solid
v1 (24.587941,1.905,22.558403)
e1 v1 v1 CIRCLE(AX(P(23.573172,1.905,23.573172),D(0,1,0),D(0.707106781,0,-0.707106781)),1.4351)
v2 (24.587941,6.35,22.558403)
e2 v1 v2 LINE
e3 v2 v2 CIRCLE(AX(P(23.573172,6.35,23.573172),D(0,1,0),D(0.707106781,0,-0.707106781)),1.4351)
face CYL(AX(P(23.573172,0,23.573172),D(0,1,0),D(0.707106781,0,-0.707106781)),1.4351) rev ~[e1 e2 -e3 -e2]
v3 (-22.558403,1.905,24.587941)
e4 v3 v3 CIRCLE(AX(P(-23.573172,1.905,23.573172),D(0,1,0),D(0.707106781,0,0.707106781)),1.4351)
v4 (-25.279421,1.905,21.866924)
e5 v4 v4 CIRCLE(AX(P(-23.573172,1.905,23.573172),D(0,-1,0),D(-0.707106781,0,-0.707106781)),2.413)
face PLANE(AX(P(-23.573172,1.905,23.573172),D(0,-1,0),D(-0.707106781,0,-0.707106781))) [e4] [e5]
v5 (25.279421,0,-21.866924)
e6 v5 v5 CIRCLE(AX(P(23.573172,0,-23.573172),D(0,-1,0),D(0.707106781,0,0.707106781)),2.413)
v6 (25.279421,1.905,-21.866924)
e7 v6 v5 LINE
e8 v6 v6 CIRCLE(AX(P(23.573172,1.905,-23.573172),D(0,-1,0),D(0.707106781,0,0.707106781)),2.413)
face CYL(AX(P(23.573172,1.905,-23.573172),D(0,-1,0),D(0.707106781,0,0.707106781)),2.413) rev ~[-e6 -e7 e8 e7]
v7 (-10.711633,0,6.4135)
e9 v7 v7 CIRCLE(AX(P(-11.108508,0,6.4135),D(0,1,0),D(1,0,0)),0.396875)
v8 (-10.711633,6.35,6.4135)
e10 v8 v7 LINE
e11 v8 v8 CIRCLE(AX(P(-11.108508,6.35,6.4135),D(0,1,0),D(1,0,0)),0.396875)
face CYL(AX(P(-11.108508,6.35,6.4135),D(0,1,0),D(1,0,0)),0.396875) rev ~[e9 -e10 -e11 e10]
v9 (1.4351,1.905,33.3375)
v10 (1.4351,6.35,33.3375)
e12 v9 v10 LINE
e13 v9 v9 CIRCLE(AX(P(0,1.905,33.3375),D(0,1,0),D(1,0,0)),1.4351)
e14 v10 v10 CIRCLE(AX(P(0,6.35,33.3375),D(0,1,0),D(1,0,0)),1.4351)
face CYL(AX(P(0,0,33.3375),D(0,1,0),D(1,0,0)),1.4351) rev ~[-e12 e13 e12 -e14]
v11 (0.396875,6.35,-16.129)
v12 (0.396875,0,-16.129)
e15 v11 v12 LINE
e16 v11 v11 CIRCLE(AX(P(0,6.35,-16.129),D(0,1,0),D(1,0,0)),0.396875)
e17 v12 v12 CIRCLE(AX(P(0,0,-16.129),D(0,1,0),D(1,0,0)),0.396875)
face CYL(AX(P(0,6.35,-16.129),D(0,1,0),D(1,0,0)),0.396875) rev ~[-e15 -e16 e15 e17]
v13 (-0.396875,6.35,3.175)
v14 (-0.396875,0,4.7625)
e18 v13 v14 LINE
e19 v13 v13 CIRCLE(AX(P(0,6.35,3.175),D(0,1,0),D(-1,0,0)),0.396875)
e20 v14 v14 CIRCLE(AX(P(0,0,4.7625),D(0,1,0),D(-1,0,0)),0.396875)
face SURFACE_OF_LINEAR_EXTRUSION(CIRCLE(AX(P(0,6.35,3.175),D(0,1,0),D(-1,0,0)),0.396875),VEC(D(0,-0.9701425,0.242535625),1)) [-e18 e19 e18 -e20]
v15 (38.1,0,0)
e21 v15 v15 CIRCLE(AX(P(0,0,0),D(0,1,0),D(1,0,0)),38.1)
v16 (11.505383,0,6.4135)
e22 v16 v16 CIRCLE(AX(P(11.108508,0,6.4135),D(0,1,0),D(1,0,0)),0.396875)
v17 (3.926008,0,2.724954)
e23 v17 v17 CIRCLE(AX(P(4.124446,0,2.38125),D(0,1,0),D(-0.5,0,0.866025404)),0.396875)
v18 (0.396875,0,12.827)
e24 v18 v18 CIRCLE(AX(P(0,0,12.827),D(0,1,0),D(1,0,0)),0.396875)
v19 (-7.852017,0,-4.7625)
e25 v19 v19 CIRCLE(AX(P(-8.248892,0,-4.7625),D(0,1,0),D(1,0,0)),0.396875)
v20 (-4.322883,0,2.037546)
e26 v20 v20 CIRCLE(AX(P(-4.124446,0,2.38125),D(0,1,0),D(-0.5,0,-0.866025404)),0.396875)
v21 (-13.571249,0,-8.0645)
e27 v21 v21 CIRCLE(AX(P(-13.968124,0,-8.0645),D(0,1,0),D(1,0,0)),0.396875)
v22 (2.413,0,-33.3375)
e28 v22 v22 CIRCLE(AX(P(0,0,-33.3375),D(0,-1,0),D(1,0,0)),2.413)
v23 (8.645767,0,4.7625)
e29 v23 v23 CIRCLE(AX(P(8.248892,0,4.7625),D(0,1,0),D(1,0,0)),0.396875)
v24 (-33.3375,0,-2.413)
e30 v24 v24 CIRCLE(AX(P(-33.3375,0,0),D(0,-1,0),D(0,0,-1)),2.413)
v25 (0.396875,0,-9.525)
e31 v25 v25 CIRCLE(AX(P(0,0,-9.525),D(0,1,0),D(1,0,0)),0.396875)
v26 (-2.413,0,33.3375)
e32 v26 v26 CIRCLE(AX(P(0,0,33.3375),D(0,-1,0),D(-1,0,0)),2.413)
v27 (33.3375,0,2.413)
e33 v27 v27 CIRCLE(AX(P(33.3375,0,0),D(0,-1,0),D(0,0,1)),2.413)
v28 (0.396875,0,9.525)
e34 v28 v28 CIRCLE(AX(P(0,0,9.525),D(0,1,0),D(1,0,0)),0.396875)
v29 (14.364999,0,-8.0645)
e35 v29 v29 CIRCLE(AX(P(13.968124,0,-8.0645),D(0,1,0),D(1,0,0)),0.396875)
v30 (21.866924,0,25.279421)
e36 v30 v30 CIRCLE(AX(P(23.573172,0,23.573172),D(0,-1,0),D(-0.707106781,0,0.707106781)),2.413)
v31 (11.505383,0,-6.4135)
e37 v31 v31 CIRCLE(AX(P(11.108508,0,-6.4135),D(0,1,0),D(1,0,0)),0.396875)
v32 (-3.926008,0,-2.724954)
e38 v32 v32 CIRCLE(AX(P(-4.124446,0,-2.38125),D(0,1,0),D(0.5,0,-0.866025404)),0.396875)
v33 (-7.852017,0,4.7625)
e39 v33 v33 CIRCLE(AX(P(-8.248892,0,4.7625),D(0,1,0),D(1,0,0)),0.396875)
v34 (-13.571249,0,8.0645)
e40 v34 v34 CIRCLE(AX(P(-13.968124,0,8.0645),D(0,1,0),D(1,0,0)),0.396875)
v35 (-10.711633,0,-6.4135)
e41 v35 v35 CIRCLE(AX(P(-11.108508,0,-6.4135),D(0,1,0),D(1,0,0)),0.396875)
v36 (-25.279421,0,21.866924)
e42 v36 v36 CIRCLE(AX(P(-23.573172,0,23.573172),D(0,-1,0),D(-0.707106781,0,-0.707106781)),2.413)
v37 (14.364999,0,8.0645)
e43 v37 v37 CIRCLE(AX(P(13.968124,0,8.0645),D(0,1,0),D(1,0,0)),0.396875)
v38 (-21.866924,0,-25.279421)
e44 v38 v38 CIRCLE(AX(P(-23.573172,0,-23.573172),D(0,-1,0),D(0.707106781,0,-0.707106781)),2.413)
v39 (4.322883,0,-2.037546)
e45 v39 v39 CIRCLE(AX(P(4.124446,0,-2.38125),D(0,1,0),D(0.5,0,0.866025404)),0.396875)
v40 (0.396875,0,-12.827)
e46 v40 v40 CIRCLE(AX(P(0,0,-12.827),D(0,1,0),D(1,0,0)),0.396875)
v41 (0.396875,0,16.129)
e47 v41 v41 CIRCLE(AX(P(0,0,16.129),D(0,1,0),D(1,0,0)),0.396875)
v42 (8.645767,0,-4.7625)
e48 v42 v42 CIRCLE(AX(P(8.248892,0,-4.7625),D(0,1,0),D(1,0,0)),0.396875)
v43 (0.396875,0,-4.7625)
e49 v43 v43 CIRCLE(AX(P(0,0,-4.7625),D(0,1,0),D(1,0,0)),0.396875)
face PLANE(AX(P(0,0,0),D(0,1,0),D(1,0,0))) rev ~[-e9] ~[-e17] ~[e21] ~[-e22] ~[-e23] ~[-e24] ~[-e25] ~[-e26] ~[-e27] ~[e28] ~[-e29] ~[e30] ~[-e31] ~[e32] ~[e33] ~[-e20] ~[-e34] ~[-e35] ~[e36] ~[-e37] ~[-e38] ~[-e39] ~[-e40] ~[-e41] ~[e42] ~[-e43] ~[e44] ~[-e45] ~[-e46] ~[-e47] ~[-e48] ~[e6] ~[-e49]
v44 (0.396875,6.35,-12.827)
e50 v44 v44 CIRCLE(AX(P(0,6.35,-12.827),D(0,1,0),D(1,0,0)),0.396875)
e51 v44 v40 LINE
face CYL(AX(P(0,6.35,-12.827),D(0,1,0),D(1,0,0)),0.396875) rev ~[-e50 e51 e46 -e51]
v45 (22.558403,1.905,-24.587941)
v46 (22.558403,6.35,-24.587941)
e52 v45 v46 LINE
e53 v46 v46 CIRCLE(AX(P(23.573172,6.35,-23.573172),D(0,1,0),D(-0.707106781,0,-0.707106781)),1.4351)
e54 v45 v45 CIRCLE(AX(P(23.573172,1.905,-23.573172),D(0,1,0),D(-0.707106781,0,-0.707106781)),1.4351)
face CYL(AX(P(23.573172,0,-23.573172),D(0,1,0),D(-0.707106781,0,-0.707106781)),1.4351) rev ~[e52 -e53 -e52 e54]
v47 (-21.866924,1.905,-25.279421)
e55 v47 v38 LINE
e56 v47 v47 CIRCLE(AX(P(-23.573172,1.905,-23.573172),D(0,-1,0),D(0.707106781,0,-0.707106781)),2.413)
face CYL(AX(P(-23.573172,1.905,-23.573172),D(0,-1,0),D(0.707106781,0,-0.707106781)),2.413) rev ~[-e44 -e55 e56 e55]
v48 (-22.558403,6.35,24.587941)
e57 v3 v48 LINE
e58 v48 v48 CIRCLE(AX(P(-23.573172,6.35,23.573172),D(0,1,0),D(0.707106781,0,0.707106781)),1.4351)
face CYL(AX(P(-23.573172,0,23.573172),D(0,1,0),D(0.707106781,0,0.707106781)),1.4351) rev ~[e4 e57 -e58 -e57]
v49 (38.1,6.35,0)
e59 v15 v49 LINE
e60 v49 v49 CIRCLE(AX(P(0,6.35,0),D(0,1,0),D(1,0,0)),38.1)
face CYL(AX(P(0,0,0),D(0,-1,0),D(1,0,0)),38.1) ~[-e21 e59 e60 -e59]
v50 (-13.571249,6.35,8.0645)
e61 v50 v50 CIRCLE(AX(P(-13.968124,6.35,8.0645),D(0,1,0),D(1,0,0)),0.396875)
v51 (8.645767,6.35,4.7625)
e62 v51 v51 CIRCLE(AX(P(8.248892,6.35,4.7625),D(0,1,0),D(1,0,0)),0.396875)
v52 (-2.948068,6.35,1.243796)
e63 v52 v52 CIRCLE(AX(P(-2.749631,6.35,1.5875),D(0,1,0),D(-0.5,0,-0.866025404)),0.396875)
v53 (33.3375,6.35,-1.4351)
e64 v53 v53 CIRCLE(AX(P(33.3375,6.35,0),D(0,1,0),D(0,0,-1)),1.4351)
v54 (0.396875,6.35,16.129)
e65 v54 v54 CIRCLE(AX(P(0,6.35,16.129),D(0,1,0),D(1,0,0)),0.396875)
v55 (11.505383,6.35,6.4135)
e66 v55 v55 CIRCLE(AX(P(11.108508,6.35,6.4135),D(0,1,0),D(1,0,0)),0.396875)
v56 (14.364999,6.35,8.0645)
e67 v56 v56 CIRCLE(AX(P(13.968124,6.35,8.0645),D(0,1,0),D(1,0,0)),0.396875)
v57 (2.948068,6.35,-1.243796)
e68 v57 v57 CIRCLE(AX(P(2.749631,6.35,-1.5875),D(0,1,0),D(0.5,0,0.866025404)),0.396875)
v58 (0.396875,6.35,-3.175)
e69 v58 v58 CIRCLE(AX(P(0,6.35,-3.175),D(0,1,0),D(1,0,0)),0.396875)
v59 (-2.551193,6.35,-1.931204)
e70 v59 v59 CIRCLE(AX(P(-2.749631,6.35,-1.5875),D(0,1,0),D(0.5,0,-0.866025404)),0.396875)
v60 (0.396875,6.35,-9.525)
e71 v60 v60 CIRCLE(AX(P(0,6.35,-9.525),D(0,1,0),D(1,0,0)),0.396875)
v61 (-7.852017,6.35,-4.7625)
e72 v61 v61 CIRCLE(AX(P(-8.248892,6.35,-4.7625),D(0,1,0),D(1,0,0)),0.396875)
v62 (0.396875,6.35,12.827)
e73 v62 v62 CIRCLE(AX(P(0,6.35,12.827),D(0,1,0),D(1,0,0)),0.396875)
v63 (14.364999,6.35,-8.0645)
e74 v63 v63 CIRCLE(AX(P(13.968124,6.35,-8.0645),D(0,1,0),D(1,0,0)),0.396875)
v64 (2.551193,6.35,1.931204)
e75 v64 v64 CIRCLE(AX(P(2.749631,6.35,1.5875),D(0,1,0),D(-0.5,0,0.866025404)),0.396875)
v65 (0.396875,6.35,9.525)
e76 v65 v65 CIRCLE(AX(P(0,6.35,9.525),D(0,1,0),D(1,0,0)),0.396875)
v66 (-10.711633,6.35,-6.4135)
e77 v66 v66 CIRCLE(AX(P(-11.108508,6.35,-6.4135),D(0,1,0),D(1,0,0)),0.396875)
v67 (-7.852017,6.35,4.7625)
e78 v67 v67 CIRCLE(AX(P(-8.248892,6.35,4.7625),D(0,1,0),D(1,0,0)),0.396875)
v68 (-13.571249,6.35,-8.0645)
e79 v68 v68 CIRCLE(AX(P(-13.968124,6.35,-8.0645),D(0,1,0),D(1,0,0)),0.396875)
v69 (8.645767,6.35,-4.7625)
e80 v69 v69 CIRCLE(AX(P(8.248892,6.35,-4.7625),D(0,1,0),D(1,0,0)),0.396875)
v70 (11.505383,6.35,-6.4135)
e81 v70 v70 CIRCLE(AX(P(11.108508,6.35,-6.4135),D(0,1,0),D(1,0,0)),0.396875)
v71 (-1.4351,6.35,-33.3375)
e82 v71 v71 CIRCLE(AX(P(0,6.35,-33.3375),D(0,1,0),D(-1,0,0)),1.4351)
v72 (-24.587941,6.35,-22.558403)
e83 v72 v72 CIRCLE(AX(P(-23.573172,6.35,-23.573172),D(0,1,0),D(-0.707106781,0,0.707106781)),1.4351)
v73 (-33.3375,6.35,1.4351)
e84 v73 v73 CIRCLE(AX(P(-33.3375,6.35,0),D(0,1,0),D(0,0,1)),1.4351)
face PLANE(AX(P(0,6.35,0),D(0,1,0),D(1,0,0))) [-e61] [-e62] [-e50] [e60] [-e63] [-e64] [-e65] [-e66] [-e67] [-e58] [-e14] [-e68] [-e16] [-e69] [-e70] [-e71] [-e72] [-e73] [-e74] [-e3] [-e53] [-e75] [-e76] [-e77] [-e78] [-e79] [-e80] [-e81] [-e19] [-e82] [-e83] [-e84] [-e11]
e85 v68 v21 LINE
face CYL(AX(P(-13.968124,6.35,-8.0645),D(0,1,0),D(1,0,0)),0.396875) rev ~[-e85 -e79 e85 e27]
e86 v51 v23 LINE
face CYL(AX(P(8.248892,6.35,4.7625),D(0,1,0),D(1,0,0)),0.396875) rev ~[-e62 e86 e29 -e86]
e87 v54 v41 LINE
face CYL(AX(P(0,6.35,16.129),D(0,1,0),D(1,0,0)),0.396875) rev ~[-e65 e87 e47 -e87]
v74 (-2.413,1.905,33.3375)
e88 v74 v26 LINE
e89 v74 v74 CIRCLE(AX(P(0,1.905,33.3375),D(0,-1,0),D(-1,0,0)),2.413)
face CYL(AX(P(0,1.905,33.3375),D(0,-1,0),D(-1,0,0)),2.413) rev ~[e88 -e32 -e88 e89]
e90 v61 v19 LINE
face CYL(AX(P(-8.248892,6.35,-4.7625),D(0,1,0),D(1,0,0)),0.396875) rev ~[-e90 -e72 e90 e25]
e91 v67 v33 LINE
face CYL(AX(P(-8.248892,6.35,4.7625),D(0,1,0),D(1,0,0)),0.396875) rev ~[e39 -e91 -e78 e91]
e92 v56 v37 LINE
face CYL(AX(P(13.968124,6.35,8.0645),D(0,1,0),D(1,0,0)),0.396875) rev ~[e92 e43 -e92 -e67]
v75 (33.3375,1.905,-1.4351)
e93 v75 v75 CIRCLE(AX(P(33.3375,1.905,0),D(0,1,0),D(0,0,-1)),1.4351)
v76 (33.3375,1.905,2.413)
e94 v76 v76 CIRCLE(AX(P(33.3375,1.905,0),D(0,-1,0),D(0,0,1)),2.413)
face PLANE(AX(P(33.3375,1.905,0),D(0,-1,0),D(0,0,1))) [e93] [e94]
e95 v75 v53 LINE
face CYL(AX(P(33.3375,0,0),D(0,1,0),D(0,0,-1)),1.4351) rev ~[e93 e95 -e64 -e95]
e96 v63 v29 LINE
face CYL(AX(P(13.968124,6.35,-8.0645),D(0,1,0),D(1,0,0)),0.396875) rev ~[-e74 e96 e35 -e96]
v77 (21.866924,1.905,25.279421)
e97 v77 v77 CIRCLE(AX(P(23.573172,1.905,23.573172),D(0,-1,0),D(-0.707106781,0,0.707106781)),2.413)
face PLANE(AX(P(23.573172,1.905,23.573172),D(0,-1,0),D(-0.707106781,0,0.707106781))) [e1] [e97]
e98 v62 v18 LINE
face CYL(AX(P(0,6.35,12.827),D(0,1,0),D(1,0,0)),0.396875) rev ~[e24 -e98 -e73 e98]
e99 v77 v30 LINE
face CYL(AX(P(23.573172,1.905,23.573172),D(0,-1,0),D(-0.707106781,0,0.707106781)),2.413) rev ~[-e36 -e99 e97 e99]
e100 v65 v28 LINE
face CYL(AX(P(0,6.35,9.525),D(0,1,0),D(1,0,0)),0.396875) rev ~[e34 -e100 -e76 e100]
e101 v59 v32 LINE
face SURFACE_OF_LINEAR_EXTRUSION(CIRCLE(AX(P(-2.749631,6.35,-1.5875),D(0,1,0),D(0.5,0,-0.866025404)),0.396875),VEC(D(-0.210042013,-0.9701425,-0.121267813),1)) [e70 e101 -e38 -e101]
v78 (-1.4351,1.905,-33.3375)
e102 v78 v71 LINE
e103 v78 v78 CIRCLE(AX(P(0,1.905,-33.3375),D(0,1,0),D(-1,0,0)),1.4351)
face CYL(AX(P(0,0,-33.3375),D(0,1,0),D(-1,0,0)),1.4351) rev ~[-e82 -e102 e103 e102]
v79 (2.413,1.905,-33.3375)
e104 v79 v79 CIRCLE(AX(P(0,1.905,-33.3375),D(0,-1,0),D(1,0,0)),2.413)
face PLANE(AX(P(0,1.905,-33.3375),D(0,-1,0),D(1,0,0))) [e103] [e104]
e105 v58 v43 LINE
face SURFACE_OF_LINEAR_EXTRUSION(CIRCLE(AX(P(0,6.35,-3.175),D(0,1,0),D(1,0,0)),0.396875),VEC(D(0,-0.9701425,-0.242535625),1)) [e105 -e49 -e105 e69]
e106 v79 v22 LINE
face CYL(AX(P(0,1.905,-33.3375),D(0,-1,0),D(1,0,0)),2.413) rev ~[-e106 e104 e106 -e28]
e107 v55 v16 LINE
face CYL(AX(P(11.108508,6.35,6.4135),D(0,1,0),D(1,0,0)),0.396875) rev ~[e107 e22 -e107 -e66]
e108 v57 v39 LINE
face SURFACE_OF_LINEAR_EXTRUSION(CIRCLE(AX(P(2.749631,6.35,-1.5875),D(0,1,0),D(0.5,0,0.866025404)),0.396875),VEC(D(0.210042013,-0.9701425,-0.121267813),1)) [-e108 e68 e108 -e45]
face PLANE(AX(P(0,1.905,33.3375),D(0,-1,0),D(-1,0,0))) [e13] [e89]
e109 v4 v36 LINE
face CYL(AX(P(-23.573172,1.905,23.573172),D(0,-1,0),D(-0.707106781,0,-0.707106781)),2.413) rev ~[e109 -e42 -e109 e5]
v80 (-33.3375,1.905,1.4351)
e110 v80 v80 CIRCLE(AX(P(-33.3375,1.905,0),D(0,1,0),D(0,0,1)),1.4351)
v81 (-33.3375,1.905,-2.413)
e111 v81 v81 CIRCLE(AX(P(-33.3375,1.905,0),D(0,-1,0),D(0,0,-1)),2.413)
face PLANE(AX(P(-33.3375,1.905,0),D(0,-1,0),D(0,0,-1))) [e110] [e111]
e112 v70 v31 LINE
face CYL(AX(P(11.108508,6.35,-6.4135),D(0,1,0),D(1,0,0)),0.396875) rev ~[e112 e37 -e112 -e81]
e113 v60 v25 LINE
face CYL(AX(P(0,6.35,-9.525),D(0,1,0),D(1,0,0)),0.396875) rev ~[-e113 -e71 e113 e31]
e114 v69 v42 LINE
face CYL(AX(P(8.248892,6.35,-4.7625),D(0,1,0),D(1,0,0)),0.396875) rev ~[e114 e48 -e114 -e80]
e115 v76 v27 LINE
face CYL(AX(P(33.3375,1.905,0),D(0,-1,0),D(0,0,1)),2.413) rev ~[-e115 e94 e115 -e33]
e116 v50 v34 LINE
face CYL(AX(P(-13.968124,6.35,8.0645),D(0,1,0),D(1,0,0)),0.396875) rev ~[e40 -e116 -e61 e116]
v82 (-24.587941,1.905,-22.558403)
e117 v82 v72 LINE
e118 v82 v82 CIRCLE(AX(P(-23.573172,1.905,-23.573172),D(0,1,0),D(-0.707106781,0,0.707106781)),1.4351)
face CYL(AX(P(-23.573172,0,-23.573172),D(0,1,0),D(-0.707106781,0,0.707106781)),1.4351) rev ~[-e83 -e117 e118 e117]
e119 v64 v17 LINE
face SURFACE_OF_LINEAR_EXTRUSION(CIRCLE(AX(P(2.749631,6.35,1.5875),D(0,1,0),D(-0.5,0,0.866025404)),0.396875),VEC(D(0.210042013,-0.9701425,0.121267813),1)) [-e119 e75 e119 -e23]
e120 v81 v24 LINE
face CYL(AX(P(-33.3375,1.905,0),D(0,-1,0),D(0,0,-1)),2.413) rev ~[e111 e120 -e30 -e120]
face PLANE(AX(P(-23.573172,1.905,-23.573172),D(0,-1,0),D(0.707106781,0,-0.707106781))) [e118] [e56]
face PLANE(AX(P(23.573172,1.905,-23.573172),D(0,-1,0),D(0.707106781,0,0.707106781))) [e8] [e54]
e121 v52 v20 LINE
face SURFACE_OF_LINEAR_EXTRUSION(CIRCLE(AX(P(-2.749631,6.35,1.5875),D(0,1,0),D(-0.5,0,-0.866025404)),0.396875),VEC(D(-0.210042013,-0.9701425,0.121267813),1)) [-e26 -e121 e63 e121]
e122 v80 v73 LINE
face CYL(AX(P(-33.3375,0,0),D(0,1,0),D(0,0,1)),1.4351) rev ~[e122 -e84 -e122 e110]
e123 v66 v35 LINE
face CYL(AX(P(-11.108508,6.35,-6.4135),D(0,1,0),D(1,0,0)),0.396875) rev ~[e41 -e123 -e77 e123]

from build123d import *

# Parameters (mm, degrees)
SKETCH1_R                                      = 38.1
BOSS_EXTRUDE1_DEPTH                            = 6.35
CBORE_FOR_4_BUTTON_HEAD_CAP_SCREW1_D           = 2.8702
CBORE_FOR_4_BUTTON_HEAD_CAP_SCREW1_CBORE_D     = 4.826
CBORE_FOR_4_BUTTON_HEAD_CAP_SCREW1_CBORE_DEPTH = 1.905
CIRPATTERN1_COUNT                              = 8
SKETCH6_R                                      = 0.396875
CUT_EXTRUDE1_DEPTH                             = 7.35
SKETCH7_R                                      = 0.396875
CIRPATTERN2_COUNT                              = 6


with BuildPart() as part:
    # Sketch1 → Boss-Extrude1 (new body)
    with BuildSketch(Plane(origin=(0, 0, 0), x_dir=(1, 0, 0), z_dir=(0, 1, 0))):
        Circle(SKETCH1_R)
    extrude(amount=BOSS_EXTRUDE1_DEPTH)

    # CBORE for #4 Button Head Cap Screw1 (through all)
    with Locations(Plane(origin=(0, 0, 0), x_dir=(-1, 0, 0), z_dir=(0, -1, 0))):
        with Locations((0, -33.3375)):
            cbore_for_4_button_head_cap_screw1 = CounterBoreHole(CBORE_FOR_4_BUTTON_HEAD_CAP_SCREW1_D / 2, CBORE_FOR_4_BUTTON_HEAD_CAP_SCREW1_CBORE_D / 2, CBORE_FOR_4_BUTTON_HEAD_CAP_SCREW1_CBORE_DEPTH)

    # CirPattern1: CBORE for #4 Button Head Cap Screw1 ×8 about axis
    cirpattern1_axis = Axis((0, 0, 0), (0, 1, 0))
    for i in range(1, CIRPATTERN1_COUNT):
        add(cbore_for_4_button_head_cap_screw1.rotate(cirpattern1_axis, i * 360 / CIRPATTERN1_COUNT), mode=Mode.SUBTRACT)

    # Sketch6 → Cut-Extrude1 (cut, through all)
    with BuildSketch(Plane(origin=(0, 6.35, 0), x_dir=(1, 0, 0), z_dir=(0, 1, 0))):
        with Locations((0, 9.525)):
            Circle(SKETCH6_R)
        with Locations((0, 12.827)):
            Circle(SKETCH6_R)
        with Locations((0, 16.129)):
            Circle(SKETCH6_R)
        with Locations((8.248891971, 4.7625)):
            Circle(SKETCH6_R)
        with Locations((11.108507854, 6.4135)):
            Circle(SKETCH6_R)
        with Locations((13.968123738, 8.0645)):
            Circle(SKETCH6_R)
        with Locations((8.248891971, -4.7625)):
            Circle(SKETCH6_R)
        with Locations((11.108507854, -6.4135)):
            Circle(SKETCH6_R)
        with Locations((13.968123738, -8.0645)):
            Circle(SKETCH6_R)
        with Locations((0, -9.525)):
            Circle(SKETCH6_R)
        with Locations((0, -12.827)):
            Circle(SKETCH6_R)
        with Locations((0, -16.129)):
            Circle(SKETCH6_R)
        with Locations((-8.248891971, -4.7625)):
            Circle(SKETCH6_R)
        with Locations((-11.108507854, -6.4135)):
            Circle(SKETCH6_R)
        with Locations((-13.968123738, -8.0645)):
            Circle(SKETCH6_R)
        with Locations((-8.248891971, 4.7625)):
            Circle(SKETCH6_R)
        with Locations((-11.108507854, 6.4135)):
            Circle(SKETCH6_R)
        with Locations((-13.968123738, 8.0645)):
            Circle(SKETCH6_R)
    extrude(amount=-CUT_EXTRUDE1_DEPTH, mode=Mode.SUBTRACT)

    # Cut-Sweep1: sweep along a curve in space
    with BuildLine() as cut_sweep1_path:
        Line((0, 6.35, -3.175), (0, 0, -4.7625))
    # Sketch7 → Cut-Sweep1 (sweep, cut)
    with BuildSketch(Plane(origin=(0, 6.35, 0), x_dir=(1, 0, 0), z_dir=(0, 1, 0))):
        with Locations((0, 3.175)):
            Circle(SKETCH7_R)
    cut_sweep1 = sweep(path=cut_sweep1_path.line, mode=Mode.SUBTRACT)

    # CirPattern2: Cut-Sweep1 ×6 about axis
    cirpattern2_axis = Axis((0, 6.35, 0), (0, 1, 0))
    for i in range(1, CIRPATTERN2_COUNT):
        add(cut_sweep1.rotate(cirpattern2_axis, i * 360 / CIRPATTERN2_COUNT), mode=Mode.SUBTRACT)


solid = part.part
